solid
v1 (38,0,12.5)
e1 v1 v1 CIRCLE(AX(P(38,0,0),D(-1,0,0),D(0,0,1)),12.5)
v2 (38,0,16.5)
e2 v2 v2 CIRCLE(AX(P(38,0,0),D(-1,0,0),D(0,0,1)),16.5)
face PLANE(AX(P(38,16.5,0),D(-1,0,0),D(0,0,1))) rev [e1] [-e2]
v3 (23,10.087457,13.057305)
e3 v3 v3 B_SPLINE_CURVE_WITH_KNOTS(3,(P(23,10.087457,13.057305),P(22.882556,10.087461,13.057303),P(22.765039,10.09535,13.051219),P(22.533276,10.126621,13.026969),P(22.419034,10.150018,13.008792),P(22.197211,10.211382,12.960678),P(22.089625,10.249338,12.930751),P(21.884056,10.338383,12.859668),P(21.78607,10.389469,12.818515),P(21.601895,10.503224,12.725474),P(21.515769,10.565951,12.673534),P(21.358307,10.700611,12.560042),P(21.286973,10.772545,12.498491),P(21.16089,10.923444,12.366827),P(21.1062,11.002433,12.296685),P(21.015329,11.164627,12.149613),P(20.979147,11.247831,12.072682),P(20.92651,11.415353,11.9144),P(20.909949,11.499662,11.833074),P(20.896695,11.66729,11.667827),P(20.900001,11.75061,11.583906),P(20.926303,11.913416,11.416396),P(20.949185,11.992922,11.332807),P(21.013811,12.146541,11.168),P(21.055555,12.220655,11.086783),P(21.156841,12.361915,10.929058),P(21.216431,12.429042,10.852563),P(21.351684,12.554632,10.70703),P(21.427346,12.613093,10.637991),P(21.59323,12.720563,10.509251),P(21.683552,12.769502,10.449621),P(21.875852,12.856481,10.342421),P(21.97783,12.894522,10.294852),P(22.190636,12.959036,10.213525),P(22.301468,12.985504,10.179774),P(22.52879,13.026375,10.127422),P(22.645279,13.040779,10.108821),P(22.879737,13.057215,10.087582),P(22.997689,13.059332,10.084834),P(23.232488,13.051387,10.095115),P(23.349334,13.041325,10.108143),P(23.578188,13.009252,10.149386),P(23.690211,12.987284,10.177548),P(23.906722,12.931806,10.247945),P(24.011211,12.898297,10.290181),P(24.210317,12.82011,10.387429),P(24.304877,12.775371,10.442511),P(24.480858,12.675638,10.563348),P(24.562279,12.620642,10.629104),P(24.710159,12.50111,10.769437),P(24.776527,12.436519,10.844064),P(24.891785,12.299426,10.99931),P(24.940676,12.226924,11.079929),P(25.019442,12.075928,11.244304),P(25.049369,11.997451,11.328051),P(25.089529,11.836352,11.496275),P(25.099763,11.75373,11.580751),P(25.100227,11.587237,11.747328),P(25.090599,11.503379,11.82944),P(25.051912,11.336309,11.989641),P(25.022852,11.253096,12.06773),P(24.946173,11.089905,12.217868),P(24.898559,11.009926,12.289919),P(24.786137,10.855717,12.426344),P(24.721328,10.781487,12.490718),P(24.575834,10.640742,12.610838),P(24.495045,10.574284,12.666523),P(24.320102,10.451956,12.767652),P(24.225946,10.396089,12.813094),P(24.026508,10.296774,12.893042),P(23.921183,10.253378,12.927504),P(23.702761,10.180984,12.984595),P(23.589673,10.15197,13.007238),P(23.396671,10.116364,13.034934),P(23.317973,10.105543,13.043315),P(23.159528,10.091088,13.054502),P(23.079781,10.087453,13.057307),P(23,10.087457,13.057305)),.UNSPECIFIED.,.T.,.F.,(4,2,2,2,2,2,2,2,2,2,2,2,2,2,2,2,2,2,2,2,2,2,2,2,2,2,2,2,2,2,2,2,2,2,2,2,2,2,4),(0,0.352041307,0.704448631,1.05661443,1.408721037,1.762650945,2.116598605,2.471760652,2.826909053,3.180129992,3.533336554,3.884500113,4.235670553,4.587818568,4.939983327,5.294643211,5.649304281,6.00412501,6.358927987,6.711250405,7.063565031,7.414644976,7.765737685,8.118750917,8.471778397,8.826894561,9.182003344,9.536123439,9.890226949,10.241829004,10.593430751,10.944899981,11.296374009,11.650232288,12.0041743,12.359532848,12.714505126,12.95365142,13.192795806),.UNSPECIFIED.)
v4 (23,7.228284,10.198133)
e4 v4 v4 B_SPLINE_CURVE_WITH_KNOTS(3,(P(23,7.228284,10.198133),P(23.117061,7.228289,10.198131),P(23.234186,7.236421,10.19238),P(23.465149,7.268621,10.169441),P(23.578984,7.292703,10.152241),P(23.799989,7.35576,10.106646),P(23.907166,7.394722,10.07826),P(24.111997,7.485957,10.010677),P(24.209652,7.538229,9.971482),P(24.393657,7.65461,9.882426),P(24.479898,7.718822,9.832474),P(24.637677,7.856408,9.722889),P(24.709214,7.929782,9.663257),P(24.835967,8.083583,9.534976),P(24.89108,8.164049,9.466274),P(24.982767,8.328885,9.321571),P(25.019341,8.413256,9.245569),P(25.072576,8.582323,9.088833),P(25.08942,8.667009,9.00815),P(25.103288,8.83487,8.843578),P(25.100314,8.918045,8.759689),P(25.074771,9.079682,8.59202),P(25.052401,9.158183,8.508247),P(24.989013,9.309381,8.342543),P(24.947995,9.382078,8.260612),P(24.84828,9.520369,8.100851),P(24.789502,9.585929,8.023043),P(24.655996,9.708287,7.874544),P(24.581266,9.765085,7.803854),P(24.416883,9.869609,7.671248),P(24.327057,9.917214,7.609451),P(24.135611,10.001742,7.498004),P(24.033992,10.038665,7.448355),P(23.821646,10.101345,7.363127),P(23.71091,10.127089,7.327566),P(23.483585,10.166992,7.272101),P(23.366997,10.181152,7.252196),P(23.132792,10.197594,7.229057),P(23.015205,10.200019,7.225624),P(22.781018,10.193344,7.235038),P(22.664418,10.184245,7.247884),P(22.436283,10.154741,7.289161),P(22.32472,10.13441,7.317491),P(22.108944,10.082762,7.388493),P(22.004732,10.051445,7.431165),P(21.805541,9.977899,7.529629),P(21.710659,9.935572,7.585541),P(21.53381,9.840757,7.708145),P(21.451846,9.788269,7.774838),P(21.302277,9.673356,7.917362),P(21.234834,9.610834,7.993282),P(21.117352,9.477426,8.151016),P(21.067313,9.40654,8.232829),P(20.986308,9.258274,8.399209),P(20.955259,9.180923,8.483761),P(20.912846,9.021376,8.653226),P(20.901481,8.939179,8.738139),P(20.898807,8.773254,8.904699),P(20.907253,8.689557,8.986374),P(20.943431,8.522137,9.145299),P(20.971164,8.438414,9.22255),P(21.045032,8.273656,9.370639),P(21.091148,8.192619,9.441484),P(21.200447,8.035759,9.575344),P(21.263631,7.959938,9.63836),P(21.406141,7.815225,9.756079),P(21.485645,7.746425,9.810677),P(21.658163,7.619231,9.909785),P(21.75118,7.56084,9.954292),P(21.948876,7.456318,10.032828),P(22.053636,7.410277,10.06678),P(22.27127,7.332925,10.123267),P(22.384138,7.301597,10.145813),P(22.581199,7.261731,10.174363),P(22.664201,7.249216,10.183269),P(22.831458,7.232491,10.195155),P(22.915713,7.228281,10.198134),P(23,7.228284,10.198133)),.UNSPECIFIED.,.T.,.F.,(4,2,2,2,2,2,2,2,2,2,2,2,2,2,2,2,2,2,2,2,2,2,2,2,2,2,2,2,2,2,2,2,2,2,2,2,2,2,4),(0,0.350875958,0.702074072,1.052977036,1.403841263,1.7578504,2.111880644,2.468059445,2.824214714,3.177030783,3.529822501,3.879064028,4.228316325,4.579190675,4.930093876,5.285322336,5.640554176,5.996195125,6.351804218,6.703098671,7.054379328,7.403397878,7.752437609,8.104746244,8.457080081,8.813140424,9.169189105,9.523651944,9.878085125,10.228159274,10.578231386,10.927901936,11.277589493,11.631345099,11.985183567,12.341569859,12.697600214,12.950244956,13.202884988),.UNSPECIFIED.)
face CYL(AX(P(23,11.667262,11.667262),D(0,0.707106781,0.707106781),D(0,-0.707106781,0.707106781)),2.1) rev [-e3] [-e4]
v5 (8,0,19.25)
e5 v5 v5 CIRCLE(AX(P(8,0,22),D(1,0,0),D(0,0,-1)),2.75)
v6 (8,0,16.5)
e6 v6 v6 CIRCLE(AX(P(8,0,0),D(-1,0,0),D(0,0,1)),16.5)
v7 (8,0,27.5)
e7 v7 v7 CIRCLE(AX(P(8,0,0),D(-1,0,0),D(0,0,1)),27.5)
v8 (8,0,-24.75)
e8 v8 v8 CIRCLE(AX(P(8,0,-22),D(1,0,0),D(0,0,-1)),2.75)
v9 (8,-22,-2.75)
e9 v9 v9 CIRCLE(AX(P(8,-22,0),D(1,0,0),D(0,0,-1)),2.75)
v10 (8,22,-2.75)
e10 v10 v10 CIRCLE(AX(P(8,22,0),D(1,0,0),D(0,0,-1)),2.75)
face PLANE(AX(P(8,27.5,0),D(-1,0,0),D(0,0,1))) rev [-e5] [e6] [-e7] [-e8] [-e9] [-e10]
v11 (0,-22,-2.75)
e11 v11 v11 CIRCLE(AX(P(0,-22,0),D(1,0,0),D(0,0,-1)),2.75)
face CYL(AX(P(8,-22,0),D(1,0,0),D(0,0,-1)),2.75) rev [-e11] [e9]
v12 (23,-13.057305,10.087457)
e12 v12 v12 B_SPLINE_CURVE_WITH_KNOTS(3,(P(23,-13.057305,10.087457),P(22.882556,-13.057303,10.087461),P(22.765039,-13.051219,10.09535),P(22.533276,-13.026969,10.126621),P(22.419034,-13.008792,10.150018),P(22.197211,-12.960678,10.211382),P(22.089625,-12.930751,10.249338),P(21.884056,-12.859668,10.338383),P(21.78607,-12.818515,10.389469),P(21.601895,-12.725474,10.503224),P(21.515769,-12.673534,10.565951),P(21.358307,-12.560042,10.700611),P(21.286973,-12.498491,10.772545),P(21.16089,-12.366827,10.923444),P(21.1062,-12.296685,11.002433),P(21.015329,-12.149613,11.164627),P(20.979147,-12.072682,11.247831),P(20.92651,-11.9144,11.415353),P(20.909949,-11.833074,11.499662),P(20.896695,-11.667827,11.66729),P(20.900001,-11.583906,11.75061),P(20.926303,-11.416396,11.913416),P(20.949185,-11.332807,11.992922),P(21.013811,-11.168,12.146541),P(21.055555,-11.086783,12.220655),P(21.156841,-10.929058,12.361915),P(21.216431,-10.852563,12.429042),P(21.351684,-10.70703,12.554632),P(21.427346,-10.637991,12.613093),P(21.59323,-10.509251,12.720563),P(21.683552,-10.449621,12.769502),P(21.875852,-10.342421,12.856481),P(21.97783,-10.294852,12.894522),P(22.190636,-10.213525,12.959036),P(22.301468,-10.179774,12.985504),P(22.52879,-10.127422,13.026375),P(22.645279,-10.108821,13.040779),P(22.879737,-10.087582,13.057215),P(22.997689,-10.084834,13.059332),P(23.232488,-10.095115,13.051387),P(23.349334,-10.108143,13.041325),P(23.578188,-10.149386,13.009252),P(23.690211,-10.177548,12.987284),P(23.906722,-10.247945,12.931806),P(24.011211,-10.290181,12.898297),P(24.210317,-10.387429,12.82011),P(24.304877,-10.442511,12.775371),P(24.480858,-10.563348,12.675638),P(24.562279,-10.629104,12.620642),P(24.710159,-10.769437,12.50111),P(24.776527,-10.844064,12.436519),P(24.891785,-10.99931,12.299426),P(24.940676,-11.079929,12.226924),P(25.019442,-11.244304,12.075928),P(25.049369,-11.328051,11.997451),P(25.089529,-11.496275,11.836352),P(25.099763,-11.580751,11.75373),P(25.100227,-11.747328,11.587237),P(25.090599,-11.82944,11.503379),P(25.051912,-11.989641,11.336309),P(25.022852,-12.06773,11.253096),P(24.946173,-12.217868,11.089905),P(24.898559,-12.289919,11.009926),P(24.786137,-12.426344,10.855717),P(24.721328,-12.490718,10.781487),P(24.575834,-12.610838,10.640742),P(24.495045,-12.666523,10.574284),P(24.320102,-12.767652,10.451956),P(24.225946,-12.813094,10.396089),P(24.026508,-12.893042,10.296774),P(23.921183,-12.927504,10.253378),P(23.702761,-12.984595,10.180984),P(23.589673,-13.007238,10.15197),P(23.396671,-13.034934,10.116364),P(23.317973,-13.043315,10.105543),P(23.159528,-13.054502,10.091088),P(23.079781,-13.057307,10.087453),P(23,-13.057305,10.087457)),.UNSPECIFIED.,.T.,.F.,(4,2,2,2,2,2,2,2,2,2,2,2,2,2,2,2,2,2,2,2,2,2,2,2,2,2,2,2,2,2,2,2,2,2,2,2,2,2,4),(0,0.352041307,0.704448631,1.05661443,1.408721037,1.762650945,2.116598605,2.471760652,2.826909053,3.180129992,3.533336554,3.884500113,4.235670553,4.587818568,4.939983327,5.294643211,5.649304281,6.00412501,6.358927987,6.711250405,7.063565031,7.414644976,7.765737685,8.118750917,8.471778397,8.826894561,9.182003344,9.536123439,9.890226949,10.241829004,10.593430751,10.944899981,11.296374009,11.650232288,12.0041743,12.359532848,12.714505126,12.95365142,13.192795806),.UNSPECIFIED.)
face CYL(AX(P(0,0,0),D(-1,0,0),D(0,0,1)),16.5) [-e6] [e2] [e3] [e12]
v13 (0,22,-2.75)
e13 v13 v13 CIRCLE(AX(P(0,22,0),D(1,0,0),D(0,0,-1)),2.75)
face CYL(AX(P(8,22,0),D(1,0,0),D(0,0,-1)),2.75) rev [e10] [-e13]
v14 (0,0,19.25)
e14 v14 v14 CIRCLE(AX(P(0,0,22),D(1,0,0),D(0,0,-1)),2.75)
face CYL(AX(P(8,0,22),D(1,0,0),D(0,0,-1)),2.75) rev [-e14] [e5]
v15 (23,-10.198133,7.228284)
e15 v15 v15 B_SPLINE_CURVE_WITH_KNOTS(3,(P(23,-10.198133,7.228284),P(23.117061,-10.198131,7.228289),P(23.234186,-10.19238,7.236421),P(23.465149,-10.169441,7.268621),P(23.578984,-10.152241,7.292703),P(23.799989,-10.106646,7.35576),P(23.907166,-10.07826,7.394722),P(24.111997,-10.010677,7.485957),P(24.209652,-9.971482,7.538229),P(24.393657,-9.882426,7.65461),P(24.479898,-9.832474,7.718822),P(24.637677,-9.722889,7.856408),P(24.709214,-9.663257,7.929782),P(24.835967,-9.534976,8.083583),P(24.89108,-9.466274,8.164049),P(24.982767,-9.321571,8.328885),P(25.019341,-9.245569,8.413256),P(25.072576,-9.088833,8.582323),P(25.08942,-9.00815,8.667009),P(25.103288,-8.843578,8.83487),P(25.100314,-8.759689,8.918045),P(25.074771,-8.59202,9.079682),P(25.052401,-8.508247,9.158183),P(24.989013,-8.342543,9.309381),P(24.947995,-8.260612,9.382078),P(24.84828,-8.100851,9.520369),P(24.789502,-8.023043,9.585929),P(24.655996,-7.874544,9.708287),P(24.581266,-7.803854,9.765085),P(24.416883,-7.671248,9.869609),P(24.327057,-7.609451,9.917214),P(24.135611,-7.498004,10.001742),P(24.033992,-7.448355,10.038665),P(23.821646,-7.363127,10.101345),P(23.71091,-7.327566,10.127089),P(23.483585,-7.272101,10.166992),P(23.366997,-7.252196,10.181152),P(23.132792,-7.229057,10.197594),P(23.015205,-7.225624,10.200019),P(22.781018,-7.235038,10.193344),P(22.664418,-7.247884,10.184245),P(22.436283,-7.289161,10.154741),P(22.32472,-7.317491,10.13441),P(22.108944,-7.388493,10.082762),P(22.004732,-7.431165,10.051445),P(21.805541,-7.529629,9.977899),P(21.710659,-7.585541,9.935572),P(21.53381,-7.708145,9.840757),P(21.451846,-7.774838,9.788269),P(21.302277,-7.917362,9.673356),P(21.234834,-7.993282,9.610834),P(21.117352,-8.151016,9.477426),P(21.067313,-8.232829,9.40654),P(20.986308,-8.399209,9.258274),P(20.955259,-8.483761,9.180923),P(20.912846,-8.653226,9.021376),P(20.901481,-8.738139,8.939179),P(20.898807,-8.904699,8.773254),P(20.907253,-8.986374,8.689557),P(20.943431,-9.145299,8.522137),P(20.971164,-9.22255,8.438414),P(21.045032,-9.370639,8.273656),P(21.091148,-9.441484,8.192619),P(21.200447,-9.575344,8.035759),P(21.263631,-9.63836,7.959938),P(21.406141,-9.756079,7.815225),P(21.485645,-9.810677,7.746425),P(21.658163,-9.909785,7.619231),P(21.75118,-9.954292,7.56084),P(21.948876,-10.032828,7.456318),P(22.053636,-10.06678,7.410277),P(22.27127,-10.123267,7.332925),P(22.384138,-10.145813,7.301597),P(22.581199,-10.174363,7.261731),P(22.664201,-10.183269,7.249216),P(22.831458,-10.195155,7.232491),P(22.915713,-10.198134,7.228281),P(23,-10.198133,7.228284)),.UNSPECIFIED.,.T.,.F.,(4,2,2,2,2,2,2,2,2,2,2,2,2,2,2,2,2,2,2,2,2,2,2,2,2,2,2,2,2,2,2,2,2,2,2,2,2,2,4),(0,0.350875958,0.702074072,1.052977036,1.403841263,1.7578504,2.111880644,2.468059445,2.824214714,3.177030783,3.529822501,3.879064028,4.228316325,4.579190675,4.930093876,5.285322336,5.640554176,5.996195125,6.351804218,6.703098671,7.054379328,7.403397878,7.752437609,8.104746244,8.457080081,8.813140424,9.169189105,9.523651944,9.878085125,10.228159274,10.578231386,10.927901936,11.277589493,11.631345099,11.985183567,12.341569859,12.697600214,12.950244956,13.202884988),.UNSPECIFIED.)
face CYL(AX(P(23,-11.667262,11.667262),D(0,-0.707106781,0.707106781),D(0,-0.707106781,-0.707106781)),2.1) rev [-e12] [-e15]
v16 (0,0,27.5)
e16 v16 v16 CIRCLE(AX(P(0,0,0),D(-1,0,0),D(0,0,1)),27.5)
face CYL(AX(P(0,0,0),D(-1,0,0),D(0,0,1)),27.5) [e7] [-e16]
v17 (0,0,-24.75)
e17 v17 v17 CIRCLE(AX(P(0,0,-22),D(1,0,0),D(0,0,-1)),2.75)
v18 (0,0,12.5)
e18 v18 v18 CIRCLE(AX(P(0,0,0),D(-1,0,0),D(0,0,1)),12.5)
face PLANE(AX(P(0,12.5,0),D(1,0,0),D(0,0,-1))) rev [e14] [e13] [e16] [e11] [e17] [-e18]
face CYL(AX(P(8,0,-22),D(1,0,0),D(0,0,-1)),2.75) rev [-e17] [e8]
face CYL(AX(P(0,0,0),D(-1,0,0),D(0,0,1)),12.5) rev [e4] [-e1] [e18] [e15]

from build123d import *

# Parameters (mm, degrees)
TAPPED_HOLE1_REACH  = 103.897
TAPPED_HOLE1_BORE_R = 2.1
CIRPATTERN1_COUNT   = 2
CIRPATTERN1_ANGLE   = 90
DIAMETER_HOLE1_D    = 5.5
DIAMETER_HOLE2_D    = 5.5


with BuildPart() as part:
    # Sketch1 → Revolve1 (revolve)
    with BuildSketch(Plane.XY, mode=Mode.PRIVATE) as revolve1_sk:
        Polygon((0, 12.5), (0, 27.5), (8, 27.5), (8, 16.5), (38, 16.5), (38, 12.5), align=None)
    revolve(revolve1_sk.sketch.rotate(Axis((0, 0, 0), (1, 0, 0)), 90), axis=Axis((0, 0, 0), (1, 0, 0)))

    # Tapped Hole1 bore → Tapped Hole1 (cut, up to next)
    with BuildSketch(Plane(origin=(84.688297546, 3.217458949, 20.11706483), x_dir=(1, 0, 0), z_dir=(0, 0.7071067811865488, 0.7071067811865464)), mode=Mode.PRIVATE) as tapped_hole1_sk1:
        with Locations((-61.688297546, 11.949825918)):
            Circle(TAPPED_HOLE1_BORE_R)
    tapped_hole1_tool1 = extrude(tapped_hole1_sk1.sketch, amount=-TAPPED_HOLE1_REACH, mode=Mode.PRIVATE) & part.part
    tapped_hole1 = tapped_hole1_tool1.solids().sort_by_distance((23, 11.667262, 11.667262))[0]
    add(tapped_hole1, mode=Mode.SUBTRACT)

    # CirPattern1: Tapped Hole1 ×2 about axis
    cirpattern1_axis = Axis((0, 0, 0), (1, 0, 0))
    for i in range(1, CIRPATTERN1_COUNT):
        add(tapped_hole1.rotate(cirpattern1_axis, i * CIRPATTERN1_ANGLE / (CIRPATTERN1_COUNT - 1)), mode=Mode.SUBTRACT)

    # Diameter Hole1 (through all)
    with Locations(Plane(origin=(8, 0, 0), x_dir=(0, 0, -1), z_dir=(1, 0, 0))):
        with Locations((0, 22), (0, -22)):
            Hole(DIAMETER_HOLE1_D / 2)

    # Diameter Hole2 (through all)
    with Locations(Plane(origin=(8, 0, 0), x_dir=(0, 0, -1), z_dir=(1, 0, 0))):
        with Locations((-22, 0), (22, 0)):
            Hole(DIAMETER_HOLE2_D / 2)


solid = part.part
